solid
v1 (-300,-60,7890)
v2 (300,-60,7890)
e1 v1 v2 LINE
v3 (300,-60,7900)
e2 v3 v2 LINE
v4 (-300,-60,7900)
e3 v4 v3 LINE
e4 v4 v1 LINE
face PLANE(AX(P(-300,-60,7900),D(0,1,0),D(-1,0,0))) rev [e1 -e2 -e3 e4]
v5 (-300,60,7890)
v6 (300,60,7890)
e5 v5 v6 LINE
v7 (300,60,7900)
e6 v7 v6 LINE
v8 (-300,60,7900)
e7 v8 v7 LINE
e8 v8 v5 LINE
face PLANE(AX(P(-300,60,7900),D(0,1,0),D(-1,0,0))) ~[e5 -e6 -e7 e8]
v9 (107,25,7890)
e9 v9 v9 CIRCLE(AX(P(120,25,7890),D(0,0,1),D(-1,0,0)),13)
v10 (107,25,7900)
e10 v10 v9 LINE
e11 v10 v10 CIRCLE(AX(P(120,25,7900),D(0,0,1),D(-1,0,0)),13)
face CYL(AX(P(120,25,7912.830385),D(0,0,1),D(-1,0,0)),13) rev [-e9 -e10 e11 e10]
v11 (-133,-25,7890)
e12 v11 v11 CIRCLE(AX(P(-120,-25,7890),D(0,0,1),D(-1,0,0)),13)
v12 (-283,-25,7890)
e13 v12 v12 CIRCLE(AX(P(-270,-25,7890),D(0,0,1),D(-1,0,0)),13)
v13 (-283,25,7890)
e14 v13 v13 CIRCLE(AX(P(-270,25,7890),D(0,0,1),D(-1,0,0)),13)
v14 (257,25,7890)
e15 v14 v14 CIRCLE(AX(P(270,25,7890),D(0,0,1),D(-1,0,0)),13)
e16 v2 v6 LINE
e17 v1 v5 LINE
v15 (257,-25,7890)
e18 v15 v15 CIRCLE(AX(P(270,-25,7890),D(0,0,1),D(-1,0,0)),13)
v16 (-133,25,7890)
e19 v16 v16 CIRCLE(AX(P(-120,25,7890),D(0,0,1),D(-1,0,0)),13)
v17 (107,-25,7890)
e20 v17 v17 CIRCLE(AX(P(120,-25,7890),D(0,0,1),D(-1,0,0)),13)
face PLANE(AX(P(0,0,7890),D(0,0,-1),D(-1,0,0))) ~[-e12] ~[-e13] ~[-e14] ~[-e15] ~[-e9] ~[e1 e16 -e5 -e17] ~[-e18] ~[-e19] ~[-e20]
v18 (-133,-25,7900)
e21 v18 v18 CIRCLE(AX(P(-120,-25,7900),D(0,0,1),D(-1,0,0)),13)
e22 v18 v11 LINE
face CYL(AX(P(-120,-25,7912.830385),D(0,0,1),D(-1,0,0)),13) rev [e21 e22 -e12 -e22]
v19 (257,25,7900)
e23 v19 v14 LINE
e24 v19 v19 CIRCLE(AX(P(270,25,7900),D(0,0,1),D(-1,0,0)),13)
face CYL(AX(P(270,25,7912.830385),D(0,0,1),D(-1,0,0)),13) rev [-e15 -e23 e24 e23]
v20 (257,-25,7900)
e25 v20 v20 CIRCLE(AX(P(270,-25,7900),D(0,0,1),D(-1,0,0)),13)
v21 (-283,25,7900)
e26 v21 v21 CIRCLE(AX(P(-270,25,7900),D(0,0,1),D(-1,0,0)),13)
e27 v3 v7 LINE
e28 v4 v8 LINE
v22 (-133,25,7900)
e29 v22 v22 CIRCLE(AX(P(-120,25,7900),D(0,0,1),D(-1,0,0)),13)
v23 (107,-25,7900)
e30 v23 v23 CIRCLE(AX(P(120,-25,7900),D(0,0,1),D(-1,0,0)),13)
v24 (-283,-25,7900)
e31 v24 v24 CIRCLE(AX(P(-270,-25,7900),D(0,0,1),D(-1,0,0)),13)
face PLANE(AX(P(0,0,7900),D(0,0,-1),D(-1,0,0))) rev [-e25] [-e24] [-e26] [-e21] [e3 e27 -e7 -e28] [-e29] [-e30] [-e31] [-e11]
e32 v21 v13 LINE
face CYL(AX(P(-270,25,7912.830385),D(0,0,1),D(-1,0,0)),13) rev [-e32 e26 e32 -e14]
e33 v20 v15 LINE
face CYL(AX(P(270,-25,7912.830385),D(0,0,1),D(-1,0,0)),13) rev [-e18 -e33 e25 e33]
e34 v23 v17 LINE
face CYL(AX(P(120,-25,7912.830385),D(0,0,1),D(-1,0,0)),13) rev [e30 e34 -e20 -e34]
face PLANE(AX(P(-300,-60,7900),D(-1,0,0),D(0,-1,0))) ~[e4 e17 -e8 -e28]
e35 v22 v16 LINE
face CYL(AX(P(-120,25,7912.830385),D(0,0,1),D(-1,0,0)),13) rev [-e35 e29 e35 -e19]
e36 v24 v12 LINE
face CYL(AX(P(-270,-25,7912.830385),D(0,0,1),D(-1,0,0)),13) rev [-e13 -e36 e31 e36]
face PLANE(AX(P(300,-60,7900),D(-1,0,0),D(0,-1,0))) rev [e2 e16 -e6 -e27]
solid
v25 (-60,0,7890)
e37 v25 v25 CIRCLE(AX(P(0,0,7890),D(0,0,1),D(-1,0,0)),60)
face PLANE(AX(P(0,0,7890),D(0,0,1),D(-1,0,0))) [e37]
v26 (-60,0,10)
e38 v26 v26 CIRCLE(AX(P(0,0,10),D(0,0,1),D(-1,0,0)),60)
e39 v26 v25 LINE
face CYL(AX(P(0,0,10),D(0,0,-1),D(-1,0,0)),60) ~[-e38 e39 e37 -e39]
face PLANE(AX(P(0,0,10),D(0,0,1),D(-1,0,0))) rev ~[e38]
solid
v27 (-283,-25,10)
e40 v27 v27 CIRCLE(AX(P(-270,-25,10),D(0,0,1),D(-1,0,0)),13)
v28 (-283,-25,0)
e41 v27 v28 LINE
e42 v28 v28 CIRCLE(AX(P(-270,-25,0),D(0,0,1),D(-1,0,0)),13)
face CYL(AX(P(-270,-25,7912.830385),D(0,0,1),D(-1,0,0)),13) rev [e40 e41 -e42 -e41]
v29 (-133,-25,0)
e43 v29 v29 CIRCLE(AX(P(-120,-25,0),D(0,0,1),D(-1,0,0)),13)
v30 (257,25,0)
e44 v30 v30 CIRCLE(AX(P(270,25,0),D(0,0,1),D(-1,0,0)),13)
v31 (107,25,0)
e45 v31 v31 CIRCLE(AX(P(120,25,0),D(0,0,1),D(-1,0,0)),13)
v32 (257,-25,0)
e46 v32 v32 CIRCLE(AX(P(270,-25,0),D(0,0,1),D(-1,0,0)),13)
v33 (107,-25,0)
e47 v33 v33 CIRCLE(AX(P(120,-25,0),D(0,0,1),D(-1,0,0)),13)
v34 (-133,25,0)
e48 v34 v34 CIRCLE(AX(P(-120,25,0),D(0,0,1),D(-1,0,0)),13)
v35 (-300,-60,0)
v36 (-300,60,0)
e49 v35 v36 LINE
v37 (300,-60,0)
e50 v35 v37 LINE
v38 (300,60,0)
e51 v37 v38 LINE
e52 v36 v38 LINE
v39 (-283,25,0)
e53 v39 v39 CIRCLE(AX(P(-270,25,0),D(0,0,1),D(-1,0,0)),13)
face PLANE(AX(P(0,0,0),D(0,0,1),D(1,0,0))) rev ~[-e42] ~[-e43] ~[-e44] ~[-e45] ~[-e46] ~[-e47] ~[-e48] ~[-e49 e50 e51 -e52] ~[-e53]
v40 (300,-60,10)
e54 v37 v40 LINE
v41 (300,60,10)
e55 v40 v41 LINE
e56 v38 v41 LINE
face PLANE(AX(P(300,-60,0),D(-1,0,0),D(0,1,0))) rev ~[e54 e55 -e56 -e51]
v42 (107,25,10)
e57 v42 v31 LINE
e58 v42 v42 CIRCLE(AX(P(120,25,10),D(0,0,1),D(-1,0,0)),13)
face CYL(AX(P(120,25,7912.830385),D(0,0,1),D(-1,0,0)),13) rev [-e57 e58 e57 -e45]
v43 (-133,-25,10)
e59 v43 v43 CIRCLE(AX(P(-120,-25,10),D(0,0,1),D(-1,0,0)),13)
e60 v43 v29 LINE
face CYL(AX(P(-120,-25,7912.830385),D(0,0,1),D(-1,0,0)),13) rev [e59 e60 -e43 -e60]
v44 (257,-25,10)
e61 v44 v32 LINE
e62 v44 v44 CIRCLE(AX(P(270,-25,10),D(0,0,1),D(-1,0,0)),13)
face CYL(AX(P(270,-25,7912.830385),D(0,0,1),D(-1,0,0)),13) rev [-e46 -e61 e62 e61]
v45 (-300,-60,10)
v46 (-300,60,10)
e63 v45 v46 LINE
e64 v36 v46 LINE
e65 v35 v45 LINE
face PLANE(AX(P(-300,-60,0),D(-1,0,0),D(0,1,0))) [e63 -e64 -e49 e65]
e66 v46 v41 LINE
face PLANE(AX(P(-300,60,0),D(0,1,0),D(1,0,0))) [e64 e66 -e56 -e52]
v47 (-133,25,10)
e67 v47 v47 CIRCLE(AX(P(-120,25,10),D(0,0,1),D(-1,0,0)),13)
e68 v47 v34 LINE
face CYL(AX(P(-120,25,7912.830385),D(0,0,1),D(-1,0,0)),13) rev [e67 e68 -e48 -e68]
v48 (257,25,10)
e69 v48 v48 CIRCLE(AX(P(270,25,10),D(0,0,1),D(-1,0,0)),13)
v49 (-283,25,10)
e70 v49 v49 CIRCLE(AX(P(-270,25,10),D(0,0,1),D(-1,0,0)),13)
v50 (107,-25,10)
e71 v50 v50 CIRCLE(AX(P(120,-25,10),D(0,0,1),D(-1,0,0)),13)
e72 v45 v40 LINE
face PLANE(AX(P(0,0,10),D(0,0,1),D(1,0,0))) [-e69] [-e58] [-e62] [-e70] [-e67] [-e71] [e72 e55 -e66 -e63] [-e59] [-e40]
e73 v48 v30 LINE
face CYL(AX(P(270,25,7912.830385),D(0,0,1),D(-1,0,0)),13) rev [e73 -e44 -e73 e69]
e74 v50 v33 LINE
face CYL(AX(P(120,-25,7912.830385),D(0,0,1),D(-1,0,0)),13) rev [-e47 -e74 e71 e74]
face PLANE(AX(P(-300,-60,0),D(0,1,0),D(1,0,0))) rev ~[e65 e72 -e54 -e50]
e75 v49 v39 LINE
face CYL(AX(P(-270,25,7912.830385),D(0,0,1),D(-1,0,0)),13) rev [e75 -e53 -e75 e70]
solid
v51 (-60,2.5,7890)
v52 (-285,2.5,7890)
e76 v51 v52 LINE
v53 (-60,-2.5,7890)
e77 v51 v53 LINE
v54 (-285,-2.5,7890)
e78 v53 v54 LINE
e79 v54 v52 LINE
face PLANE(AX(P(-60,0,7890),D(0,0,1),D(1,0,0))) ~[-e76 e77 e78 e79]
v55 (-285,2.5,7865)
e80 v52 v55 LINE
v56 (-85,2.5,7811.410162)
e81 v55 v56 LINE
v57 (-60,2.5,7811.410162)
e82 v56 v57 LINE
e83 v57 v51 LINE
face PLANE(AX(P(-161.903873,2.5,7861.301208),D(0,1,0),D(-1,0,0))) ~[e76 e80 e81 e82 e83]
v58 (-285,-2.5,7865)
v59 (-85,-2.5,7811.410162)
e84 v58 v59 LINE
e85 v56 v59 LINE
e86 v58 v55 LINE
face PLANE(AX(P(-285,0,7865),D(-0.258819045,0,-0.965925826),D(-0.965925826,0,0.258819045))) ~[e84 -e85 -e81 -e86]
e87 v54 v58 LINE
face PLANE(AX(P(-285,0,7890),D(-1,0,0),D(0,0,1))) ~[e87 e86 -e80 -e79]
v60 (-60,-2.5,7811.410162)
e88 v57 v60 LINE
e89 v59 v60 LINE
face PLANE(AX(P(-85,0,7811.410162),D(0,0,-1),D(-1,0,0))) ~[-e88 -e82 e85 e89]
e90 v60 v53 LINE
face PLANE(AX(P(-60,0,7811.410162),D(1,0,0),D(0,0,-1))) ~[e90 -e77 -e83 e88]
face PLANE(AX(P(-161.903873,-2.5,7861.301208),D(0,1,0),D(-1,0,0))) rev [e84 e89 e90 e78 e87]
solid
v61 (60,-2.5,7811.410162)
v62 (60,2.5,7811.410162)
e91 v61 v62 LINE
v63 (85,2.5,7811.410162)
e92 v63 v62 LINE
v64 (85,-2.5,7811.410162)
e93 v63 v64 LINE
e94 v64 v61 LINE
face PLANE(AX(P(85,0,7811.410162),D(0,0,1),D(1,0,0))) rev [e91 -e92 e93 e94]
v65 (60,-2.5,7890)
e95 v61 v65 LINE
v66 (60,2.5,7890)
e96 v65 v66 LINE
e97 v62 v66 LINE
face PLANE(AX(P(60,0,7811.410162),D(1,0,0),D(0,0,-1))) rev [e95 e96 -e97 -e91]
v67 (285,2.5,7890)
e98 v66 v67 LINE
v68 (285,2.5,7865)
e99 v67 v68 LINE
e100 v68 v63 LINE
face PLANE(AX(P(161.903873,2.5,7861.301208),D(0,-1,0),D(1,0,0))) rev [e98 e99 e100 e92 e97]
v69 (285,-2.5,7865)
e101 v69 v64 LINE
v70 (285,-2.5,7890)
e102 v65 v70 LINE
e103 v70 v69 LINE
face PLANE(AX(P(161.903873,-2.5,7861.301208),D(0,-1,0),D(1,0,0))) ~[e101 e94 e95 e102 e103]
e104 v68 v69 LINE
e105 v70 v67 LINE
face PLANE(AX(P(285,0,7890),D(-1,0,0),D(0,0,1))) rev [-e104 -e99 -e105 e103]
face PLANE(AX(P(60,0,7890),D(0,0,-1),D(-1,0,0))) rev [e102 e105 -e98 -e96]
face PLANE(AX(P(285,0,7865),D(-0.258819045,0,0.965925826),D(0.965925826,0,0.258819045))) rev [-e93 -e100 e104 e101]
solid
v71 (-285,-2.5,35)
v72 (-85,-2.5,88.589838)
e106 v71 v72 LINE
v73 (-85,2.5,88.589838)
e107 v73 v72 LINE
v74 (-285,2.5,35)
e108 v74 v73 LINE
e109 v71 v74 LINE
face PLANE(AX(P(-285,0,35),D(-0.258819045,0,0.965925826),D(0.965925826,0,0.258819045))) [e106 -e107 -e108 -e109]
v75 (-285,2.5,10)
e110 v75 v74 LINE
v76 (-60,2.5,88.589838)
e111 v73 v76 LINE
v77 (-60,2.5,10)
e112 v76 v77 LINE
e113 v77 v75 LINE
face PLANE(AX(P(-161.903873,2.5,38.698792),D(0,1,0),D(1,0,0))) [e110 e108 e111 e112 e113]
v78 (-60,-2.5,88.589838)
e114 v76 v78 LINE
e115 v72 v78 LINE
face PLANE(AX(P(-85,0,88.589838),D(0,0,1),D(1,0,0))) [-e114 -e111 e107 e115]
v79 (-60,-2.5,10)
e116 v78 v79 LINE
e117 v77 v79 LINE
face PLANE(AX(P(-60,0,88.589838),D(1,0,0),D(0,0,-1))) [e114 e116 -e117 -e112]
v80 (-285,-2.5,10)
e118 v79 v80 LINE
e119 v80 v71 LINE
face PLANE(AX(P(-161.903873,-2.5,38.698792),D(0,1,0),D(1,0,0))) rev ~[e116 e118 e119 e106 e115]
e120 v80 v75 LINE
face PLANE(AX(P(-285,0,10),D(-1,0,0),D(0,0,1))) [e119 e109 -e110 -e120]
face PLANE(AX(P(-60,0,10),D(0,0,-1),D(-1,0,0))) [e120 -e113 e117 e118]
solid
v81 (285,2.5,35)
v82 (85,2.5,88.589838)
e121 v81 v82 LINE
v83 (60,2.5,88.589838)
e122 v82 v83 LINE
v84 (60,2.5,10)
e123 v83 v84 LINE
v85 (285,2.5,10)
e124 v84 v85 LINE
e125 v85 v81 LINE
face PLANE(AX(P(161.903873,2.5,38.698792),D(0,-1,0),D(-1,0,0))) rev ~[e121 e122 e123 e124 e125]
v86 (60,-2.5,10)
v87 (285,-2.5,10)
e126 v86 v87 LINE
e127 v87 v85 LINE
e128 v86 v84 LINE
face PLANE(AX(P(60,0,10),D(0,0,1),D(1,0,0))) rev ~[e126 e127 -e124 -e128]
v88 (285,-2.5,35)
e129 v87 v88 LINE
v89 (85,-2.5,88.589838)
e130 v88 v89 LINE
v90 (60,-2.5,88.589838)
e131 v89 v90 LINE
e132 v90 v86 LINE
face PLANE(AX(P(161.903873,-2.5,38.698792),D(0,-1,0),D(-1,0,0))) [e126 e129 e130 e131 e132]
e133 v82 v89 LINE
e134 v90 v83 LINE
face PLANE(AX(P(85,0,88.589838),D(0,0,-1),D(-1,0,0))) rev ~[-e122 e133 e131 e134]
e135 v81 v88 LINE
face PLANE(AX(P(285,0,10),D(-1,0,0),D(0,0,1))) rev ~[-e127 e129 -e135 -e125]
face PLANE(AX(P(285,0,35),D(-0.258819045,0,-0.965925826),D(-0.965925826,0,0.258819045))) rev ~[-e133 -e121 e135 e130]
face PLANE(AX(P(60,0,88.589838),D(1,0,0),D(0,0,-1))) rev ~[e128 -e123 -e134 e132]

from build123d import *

# Parameters (mm, degrees)
SKETCH1_W               = 600
SKETCH1_H               = 120
BOSS_EXTRUDE1_DEPTH     = 10
SKETCH2_R               = 60
BOSS_EXTRUDE2_DEPTH     = 7880
BOSS_EXTRUDE3_DEPTH     = 2.5
BOSS_EXTRUDE3_2_DEPTH   = 2.5
CUT_EXTRUDE1_DEPTH      = 3962.830385062
CUT_EXTRUDE1_DEPTH_BACK = 3962.830385062
SKETCH6_R               = 13


with BuildPart() as part:
    # Sketch1 → Boss-Extrude1 (new body)
    with BuildSketch(Plane.XY):
        Rectangle(SKETCH1_W, SKETCH1_H)
    extrude(amount=BOSS_EXTRUDE1_DEPTH)


with BuildPart() as body_2:
    # Sketch2 → Boss-Extrude2 (new body)
    with BuildSketch(Plane.XY.offset(10)):
        with Locations(Location((0, 0, 0), (0, 0, 180))):
            Circle(SKETCH2_R)
    extrude(amount=BOSS_EXTRUDE2_DEPTH)


with BuildPart() as body_3:
    # Sketch4 → Boss-Extrude3 (new, symmetric)
    with BuildSketch(Plane(origin=(0, 0, 0), x_dir=(1, 0, 0), z_dir=(0, 1, 0))):
        Polygon((285, -10), (285, -35), (85, -88.589838486), (60, -88.589838486), (60, -10), align=None)
    extrude(amount=BOSS_EXTRUDE3_DEPTH, both=True)


with BuildPart() as body_4:
    # Sketch4 → Boss-Extrude3 2 (new, symmetric)
    with BuildSketch(Plane(origin=(0, 0, 0), x_dir=(1, 0, 0), z_dir=(0, 1, 0))):
        Polygon((-60, -10), (-285, -10), (-285, -35), (-85, -88.589838486), (-60, -88.589838486), align=None)
    extrude(amount=BOSS_EXTRUDE3_2_DEPTH, both=True)


with BuildPart() as body_5:
    # Mirror1: mirrored copy
    add(part.part.mirror(Plane(origin=(0, 0, 3950), x_dir=(1, 0, 0), z_dir=(0, 0, -1))))


with BuildPart() as body_6:
    # Mirror1 2: mirrored copy
    add(body_4.part.mirror(Plane(origin=(0, 0, 3950), x_dir=(1, 0, 0), z_dir=(0, 0, -1))))


with BuildPart() as body_7:
    # Mirror1 3: mirrored copy
    add(body_3.part.mirror(Plane(origin=(0, 0, 3950), x_dir=(1, 0, 0), z_dir=(0, 0, -1))))


with BuildPart() as cut_extrude1_tool:
    # Sketch6 → Cut-Extrude1 (new, two sides: drawn at the far end of the back side and taken through both)
    with BuildSketch(Plane(origin=(0, 0, 3950), x_dir=(-1, 0, 0), z_dir=(0, 0, -1)).offset(-CUT_EXTRUDE1_DEPTH_BACK)):
        with Locations((270, 25)):
            Circle(SKETCH6_R)
        with Locations((270, -25)):
            Circle(SKETCH6_R)
        with Locations((120, 25)):
            Circle(SKETCH6_R)
        with Locations((120, -25)):
            Circle(SKETCH6_R)
        with Locations((-120, -25)):
            Circle(SKETCH6_R)
        with Locations((-120, 25)):
            Circle(SKETCH6_R)
        with Locations((-270, -25)):
            Circle(SKETCH6_R)
        with Locations((-270, 25)):
            Circle(SKETCH6_R)
    extrude(amount=CUT_EXTRUDE1_DEPTH + CUT_EXTRUDE1_DEPTH_BACK)


with BuildPart() as part_1:
    add(part.part)

    # Cut-Extrude1: cut by cut_extrude1_tool
    add(cut_extrude1_tool.part, mode=Mode.SUBTRACT)


with BuildPart() as body_5_1:
    add(body_5.part)

    # Cut-Extrude1: cut by cut_extrude1_tool
    add(cut_extrude1_tool.part, mode=Mode.SUBTRACT)


solid = Compound([body_2.part, body_3.part, body_4.part, body_6.part, body_7.part, part_1.part, body_5_1.part])
